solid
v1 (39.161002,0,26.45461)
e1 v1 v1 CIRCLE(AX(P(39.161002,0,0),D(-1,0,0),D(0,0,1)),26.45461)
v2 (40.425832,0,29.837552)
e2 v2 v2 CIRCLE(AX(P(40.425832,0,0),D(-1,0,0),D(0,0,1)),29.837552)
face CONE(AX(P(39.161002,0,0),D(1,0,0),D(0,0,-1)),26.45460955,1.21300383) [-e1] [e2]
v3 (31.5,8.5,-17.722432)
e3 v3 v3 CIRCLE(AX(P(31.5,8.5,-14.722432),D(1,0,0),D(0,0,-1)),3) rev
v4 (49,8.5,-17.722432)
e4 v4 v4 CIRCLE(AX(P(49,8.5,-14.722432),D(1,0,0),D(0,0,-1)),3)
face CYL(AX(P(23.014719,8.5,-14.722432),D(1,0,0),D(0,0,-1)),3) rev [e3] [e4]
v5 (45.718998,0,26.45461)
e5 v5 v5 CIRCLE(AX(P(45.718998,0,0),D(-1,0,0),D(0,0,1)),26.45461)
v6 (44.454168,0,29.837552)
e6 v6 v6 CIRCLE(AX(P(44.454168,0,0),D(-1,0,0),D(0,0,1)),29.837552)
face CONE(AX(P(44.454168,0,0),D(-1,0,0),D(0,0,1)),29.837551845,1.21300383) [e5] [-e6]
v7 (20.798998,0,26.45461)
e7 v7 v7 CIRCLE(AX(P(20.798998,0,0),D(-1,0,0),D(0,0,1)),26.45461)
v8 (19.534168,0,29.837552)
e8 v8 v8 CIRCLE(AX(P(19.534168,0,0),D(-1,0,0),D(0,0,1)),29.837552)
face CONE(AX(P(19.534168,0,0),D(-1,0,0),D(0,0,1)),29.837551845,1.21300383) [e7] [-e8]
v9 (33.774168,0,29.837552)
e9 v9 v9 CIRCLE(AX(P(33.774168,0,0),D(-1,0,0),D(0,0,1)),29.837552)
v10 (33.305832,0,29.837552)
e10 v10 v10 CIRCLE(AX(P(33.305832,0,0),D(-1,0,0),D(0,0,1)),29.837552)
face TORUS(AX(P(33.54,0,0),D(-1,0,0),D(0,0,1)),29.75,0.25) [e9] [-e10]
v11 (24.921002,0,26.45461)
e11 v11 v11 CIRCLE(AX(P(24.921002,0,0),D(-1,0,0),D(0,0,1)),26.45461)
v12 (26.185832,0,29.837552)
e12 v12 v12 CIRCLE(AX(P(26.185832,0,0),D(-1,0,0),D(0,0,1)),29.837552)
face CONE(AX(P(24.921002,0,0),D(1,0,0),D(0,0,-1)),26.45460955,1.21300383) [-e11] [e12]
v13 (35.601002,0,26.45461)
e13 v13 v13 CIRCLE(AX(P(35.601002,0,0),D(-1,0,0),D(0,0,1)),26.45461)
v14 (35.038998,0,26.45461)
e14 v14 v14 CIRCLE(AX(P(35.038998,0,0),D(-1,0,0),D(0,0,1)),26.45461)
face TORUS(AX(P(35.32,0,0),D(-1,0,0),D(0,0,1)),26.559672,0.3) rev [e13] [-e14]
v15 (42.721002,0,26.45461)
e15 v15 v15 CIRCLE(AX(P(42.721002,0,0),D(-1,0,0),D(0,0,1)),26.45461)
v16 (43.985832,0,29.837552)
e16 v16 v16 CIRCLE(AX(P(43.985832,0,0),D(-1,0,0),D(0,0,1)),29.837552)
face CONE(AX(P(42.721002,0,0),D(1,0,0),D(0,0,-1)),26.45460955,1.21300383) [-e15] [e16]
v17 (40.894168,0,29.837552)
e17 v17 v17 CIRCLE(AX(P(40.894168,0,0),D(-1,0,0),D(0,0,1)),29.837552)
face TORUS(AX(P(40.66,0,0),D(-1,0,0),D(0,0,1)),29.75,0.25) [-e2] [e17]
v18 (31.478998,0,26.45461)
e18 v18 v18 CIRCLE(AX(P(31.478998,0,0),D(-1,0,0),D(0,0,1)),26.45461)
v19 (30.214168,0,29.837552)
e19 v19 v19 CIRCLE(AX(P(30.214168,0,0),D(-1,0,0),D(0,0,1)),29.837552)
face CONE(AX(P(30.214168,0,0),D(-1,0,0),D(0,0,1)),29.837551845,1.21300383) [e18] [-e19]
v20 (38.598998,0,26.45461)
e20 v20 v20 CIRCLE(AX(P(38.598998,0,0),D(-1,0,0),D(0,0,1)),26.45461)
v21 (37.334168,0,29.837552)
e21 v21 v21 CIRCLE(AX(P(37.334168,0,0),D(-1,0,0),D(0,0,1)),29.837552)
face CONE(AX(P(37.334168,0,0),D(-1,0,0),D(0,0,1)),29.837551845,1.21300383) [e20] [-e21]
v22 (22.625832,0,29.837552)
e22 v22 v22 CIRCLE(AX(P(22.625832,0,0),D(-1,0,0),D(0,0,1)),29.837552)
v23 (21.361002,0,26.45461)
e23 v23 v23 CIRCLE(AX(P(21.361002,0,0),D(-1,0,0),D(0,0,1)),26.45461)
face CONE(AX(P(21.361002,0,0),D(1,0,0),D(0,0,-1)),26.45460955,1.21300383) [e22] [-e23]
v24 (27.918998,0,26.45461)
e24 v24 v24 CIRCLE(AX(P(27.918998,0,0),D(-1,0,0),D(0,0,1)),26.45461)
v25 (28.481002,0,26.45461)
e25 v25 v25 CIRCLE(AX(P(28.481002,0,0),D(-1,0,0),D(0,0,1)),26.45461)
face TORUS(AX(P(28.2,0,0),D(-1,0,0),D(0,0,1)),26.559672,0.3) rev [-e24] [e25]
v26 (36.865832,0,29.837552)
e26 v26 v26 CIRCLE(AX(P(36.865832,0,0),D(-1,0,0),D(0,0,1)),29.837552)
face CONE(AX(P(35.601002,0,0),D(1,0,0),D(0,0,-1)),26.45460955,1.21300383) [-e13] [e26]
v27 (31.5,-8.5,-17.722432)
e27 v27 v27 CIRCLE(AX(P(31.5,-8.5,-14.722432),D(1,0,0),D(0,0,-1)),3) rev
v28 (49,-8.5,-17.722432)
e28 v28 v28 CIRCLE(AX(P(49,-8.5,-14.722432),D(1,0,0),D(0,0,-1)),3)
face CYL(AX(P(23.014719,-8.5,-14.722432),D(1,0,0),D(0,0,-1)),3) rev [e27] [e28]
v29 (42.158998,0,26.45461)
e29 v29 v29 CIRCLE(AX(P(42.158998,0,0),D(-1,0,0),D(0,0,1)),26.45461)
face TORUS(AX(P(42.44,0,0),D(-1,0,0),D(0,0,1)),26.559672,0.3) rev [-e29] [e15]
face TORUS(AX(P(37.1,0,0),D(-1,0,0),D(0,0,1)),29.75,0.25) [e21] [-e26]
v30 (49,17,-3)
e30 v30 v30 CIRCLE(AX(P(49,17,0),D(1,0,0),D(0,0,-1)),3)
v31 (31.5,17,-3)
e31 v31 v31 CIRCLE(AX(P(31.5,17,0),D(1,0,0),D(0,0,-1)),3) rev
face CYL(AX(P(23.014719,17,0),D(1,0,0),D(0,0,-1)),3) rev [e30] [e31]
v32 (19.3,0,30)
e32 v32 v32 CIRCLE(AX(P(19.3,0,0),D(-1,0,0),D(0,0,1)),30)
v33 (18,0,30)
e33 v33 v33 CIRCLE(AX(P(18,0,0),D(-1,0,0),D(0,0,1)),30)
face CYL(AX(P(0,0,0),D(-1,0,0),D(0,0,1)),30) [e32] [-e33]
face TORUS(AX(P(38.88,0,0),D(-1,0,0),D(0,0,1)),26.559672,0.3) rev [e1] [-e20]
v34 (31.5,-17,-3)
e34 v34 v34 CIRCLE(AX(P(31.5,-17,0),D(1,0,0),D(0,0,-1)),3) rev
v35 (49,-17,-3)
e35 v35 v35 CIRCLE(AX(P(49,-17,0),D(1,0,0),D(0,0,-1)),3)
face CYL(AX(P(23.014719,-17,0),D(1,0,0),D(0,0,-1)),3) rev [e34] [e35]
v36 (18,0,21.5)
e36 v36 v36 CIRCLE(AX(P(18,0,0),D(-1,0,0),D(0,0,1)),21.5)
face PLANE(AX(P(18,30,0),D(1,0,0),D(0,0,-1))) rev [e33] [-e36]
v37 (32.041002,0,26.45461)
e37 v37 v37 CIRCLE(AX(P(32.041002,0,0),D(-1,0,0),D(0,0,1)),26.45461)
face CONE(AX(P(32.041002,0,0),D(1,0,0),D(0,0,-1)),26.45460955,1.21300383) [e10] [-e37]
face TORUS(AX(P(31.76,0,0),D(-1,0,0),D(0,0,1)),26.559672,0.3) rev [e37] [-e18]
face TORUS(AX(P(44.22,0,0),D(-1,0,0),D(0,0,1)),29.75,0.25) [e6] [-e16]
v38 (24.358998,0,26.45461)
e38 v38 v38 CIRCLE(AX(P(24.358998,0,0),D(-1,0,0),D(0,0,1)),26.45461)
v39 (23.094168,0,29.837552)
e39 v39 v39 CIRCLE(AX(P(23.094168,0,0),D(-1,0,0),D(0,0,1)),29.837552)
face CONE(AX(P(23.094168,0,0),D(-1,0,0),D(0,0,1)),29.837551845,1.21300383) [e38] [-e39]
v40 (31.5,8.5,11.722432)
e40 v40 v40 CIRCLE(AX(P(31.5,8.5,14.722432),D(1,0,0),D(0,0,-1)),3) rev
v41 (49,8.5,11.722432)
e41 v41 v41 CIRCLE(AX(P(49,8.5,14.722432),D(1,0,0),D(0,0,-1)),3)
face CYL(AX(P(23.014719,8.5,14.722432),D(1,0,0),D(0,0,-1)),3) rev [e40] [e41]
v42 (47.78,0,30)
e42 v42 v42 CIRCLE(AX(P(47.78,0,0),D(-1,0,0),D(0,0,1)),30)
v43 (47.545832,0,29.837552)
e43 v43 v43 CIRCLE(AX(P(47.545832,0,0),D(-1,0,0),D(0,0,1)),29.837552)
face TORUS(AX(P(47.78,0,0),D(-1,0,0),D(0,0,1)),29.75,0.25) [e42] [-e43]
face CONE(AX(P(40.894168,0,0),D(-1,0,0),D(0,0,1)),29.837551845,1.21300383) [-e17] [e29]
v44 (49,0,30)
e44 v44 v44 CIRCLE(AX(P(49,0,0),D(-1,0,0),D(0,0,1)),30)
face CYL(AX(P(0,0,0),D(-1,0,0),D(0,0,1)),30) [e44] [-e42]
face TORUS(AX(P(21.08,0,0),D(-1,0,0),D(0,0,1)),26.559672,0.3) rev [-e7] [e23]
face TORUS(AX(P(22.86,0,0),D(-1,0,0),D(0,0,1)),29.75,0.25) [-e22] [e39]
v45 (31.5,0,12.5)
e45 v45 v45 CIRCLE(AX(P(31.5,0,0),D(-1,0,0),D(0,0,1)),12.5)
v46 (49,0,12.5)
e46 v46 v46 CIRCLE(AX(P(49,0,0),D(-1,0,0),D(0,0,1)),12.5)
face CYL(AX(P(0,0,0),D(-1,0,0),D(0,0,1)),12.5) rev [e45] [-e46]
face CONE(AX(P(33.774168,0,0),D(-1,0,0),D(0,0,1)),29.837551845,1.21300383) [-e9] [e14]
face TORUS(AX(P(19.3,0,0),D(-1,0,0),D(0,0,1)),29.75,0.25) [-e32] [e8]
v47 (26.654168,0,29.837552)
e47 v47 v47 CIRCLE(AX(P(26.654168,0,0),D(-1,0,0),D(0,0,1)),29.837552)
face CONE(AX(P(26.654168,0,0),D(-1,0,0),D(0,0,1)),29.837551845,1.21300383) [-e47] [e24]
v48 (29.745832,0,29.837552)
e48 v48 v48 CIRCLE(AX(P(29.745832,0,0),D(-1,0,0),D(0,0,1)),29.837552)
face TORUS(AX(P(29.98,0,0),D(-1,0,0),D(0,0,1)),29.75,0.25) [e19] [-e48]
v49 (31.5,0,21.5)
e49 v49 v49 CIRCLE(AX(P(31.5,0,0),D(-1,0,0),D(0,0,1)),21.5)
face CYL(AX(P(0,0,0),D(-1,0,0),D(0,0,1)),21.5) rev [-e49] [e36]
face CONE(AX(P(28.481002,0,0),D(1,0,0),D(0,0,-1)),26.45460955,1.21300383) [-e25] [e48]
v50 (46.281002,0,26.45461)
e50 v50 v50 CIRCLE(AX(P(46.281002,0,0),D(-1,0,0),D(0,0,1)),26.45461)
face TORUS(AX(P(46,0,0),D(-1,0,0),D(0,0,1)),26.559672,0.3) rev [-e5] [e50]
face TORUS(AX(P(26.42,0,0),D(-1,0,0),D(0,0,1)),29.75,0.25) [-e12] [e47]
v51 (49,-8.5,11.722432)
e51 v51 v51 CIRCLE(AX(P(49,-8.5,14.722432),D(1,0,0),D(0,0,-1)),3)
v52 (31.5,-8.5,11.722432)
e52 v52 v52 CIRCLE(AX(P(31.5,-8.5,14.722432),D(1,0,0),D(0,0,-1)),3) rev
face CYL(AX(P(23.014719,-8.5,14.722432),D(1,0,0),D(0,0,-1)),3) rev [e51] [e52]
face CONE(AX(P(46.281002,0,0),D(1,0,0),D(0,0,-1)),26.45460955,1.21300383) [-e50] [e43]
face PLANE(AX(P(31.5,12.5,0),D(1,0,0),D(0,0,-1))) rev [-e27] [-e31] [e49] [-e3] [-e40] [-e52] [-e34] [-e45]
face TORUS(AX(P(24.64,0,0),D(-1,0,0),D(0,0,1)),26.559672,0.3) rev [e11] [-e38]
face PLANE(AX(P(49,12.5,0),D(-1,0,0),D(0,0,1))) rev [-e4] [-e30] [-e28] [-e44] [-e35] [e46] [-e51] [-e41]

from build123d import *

# Parameters (mm, degrees)
LPATTERN1_COUNT    = 8
LPATTERN1_PITCH    = 3.56
SKETCH3_R          = 3
CUT_EXTRUDE1_DEPTH = 17.5


with BuildPart() as part:
    # Sketch1 → Revolve1 (revolve)
    with BuildSketch(Plane.XY, mode=Mode.PRIVATE) as revolve1_sk:
        Polygon((49, 12.5), (49, 30), (18, 30), (18, 21.5), (31.5, 21.5), (31.5, 12.5), align=None)
    revolve(revolve1_sk.sketch.rotate(Axis((0, 0, 0), (1, 0, 0)), 90), axis=Axis((0, 0, 0), (1, 0, 0)))

    # Sketch2 → Cut-Revolve1 (revolve, cut)
    with BuildSketch(Plane.XY, mode=Mode.PRIVATE) as cut_revolve1_sk:
        with BuildLine():
            Line((47.545831953, 29.837551845), (46.281001657, 26.45460955))
            ThreePointArc((46.281001657, 26.45460955), (46, 26.259671764), (45.718998343, 26.45460955))
            Line((45.718998343, 26.45460955), (44.454168047, 29.837551845))
            ThreePointArc((44.454168047, 29.837551845), (44.362499191, 29.955411734), (44.22, 30))
            Line((44.22, 30), (47.78, 30))
            ThreePointArc((47.78, 30), (47.637500809, 29.955411734), (47.545831953, 29.837551845))
        make_face()
    cut_revolve1 = revolve(cut_revolve1_sk.sketch.rotate(Axis((0, 0, 0), (1, 0, 0)), 90), axis=Axis((0, 0, 0), (1, 0, 0)), mode=Mode.SUBTRACT)

    # LPattern1: Cut-Revolve1 ×8
    with Locations(*[(-i * LPATTERN1_PITCH, 0, 0) for i in range(1, LPATTERN1_COUNT)]):
        add(cut_revolve1, mode=Mode.SUBTRACT)

    # Sketch3 → Cut-Extrude1 (cut)
    with BuildSketch(Plane(origin=(49, 0, 0), x_dir=(0, 0, -1), z_dir=(1, 0, 0))):
        with Locations((0, 17)):
            Circle(SKETCH3_R)
        with Locations((14.722431864, 8.5)):
            Circle(SKETCH3_R)
        with Locations((14.722431864, -8.5)):
            Circle(SKETCH3_R)
        with Locations((0, -17)):
            Circle(SKETCH3_R)
        with Locations((-14.722431864, -8.5)):
            Circle(SKETCH3_R)
        with Locations((-14.722431864, 8.5)):
            Circle(SKETCH3_R)
    extrude(amount=-CUT_EXTRUDE1_DEPTH, mode=Mode.SUBTRACT)


solid = part.part
